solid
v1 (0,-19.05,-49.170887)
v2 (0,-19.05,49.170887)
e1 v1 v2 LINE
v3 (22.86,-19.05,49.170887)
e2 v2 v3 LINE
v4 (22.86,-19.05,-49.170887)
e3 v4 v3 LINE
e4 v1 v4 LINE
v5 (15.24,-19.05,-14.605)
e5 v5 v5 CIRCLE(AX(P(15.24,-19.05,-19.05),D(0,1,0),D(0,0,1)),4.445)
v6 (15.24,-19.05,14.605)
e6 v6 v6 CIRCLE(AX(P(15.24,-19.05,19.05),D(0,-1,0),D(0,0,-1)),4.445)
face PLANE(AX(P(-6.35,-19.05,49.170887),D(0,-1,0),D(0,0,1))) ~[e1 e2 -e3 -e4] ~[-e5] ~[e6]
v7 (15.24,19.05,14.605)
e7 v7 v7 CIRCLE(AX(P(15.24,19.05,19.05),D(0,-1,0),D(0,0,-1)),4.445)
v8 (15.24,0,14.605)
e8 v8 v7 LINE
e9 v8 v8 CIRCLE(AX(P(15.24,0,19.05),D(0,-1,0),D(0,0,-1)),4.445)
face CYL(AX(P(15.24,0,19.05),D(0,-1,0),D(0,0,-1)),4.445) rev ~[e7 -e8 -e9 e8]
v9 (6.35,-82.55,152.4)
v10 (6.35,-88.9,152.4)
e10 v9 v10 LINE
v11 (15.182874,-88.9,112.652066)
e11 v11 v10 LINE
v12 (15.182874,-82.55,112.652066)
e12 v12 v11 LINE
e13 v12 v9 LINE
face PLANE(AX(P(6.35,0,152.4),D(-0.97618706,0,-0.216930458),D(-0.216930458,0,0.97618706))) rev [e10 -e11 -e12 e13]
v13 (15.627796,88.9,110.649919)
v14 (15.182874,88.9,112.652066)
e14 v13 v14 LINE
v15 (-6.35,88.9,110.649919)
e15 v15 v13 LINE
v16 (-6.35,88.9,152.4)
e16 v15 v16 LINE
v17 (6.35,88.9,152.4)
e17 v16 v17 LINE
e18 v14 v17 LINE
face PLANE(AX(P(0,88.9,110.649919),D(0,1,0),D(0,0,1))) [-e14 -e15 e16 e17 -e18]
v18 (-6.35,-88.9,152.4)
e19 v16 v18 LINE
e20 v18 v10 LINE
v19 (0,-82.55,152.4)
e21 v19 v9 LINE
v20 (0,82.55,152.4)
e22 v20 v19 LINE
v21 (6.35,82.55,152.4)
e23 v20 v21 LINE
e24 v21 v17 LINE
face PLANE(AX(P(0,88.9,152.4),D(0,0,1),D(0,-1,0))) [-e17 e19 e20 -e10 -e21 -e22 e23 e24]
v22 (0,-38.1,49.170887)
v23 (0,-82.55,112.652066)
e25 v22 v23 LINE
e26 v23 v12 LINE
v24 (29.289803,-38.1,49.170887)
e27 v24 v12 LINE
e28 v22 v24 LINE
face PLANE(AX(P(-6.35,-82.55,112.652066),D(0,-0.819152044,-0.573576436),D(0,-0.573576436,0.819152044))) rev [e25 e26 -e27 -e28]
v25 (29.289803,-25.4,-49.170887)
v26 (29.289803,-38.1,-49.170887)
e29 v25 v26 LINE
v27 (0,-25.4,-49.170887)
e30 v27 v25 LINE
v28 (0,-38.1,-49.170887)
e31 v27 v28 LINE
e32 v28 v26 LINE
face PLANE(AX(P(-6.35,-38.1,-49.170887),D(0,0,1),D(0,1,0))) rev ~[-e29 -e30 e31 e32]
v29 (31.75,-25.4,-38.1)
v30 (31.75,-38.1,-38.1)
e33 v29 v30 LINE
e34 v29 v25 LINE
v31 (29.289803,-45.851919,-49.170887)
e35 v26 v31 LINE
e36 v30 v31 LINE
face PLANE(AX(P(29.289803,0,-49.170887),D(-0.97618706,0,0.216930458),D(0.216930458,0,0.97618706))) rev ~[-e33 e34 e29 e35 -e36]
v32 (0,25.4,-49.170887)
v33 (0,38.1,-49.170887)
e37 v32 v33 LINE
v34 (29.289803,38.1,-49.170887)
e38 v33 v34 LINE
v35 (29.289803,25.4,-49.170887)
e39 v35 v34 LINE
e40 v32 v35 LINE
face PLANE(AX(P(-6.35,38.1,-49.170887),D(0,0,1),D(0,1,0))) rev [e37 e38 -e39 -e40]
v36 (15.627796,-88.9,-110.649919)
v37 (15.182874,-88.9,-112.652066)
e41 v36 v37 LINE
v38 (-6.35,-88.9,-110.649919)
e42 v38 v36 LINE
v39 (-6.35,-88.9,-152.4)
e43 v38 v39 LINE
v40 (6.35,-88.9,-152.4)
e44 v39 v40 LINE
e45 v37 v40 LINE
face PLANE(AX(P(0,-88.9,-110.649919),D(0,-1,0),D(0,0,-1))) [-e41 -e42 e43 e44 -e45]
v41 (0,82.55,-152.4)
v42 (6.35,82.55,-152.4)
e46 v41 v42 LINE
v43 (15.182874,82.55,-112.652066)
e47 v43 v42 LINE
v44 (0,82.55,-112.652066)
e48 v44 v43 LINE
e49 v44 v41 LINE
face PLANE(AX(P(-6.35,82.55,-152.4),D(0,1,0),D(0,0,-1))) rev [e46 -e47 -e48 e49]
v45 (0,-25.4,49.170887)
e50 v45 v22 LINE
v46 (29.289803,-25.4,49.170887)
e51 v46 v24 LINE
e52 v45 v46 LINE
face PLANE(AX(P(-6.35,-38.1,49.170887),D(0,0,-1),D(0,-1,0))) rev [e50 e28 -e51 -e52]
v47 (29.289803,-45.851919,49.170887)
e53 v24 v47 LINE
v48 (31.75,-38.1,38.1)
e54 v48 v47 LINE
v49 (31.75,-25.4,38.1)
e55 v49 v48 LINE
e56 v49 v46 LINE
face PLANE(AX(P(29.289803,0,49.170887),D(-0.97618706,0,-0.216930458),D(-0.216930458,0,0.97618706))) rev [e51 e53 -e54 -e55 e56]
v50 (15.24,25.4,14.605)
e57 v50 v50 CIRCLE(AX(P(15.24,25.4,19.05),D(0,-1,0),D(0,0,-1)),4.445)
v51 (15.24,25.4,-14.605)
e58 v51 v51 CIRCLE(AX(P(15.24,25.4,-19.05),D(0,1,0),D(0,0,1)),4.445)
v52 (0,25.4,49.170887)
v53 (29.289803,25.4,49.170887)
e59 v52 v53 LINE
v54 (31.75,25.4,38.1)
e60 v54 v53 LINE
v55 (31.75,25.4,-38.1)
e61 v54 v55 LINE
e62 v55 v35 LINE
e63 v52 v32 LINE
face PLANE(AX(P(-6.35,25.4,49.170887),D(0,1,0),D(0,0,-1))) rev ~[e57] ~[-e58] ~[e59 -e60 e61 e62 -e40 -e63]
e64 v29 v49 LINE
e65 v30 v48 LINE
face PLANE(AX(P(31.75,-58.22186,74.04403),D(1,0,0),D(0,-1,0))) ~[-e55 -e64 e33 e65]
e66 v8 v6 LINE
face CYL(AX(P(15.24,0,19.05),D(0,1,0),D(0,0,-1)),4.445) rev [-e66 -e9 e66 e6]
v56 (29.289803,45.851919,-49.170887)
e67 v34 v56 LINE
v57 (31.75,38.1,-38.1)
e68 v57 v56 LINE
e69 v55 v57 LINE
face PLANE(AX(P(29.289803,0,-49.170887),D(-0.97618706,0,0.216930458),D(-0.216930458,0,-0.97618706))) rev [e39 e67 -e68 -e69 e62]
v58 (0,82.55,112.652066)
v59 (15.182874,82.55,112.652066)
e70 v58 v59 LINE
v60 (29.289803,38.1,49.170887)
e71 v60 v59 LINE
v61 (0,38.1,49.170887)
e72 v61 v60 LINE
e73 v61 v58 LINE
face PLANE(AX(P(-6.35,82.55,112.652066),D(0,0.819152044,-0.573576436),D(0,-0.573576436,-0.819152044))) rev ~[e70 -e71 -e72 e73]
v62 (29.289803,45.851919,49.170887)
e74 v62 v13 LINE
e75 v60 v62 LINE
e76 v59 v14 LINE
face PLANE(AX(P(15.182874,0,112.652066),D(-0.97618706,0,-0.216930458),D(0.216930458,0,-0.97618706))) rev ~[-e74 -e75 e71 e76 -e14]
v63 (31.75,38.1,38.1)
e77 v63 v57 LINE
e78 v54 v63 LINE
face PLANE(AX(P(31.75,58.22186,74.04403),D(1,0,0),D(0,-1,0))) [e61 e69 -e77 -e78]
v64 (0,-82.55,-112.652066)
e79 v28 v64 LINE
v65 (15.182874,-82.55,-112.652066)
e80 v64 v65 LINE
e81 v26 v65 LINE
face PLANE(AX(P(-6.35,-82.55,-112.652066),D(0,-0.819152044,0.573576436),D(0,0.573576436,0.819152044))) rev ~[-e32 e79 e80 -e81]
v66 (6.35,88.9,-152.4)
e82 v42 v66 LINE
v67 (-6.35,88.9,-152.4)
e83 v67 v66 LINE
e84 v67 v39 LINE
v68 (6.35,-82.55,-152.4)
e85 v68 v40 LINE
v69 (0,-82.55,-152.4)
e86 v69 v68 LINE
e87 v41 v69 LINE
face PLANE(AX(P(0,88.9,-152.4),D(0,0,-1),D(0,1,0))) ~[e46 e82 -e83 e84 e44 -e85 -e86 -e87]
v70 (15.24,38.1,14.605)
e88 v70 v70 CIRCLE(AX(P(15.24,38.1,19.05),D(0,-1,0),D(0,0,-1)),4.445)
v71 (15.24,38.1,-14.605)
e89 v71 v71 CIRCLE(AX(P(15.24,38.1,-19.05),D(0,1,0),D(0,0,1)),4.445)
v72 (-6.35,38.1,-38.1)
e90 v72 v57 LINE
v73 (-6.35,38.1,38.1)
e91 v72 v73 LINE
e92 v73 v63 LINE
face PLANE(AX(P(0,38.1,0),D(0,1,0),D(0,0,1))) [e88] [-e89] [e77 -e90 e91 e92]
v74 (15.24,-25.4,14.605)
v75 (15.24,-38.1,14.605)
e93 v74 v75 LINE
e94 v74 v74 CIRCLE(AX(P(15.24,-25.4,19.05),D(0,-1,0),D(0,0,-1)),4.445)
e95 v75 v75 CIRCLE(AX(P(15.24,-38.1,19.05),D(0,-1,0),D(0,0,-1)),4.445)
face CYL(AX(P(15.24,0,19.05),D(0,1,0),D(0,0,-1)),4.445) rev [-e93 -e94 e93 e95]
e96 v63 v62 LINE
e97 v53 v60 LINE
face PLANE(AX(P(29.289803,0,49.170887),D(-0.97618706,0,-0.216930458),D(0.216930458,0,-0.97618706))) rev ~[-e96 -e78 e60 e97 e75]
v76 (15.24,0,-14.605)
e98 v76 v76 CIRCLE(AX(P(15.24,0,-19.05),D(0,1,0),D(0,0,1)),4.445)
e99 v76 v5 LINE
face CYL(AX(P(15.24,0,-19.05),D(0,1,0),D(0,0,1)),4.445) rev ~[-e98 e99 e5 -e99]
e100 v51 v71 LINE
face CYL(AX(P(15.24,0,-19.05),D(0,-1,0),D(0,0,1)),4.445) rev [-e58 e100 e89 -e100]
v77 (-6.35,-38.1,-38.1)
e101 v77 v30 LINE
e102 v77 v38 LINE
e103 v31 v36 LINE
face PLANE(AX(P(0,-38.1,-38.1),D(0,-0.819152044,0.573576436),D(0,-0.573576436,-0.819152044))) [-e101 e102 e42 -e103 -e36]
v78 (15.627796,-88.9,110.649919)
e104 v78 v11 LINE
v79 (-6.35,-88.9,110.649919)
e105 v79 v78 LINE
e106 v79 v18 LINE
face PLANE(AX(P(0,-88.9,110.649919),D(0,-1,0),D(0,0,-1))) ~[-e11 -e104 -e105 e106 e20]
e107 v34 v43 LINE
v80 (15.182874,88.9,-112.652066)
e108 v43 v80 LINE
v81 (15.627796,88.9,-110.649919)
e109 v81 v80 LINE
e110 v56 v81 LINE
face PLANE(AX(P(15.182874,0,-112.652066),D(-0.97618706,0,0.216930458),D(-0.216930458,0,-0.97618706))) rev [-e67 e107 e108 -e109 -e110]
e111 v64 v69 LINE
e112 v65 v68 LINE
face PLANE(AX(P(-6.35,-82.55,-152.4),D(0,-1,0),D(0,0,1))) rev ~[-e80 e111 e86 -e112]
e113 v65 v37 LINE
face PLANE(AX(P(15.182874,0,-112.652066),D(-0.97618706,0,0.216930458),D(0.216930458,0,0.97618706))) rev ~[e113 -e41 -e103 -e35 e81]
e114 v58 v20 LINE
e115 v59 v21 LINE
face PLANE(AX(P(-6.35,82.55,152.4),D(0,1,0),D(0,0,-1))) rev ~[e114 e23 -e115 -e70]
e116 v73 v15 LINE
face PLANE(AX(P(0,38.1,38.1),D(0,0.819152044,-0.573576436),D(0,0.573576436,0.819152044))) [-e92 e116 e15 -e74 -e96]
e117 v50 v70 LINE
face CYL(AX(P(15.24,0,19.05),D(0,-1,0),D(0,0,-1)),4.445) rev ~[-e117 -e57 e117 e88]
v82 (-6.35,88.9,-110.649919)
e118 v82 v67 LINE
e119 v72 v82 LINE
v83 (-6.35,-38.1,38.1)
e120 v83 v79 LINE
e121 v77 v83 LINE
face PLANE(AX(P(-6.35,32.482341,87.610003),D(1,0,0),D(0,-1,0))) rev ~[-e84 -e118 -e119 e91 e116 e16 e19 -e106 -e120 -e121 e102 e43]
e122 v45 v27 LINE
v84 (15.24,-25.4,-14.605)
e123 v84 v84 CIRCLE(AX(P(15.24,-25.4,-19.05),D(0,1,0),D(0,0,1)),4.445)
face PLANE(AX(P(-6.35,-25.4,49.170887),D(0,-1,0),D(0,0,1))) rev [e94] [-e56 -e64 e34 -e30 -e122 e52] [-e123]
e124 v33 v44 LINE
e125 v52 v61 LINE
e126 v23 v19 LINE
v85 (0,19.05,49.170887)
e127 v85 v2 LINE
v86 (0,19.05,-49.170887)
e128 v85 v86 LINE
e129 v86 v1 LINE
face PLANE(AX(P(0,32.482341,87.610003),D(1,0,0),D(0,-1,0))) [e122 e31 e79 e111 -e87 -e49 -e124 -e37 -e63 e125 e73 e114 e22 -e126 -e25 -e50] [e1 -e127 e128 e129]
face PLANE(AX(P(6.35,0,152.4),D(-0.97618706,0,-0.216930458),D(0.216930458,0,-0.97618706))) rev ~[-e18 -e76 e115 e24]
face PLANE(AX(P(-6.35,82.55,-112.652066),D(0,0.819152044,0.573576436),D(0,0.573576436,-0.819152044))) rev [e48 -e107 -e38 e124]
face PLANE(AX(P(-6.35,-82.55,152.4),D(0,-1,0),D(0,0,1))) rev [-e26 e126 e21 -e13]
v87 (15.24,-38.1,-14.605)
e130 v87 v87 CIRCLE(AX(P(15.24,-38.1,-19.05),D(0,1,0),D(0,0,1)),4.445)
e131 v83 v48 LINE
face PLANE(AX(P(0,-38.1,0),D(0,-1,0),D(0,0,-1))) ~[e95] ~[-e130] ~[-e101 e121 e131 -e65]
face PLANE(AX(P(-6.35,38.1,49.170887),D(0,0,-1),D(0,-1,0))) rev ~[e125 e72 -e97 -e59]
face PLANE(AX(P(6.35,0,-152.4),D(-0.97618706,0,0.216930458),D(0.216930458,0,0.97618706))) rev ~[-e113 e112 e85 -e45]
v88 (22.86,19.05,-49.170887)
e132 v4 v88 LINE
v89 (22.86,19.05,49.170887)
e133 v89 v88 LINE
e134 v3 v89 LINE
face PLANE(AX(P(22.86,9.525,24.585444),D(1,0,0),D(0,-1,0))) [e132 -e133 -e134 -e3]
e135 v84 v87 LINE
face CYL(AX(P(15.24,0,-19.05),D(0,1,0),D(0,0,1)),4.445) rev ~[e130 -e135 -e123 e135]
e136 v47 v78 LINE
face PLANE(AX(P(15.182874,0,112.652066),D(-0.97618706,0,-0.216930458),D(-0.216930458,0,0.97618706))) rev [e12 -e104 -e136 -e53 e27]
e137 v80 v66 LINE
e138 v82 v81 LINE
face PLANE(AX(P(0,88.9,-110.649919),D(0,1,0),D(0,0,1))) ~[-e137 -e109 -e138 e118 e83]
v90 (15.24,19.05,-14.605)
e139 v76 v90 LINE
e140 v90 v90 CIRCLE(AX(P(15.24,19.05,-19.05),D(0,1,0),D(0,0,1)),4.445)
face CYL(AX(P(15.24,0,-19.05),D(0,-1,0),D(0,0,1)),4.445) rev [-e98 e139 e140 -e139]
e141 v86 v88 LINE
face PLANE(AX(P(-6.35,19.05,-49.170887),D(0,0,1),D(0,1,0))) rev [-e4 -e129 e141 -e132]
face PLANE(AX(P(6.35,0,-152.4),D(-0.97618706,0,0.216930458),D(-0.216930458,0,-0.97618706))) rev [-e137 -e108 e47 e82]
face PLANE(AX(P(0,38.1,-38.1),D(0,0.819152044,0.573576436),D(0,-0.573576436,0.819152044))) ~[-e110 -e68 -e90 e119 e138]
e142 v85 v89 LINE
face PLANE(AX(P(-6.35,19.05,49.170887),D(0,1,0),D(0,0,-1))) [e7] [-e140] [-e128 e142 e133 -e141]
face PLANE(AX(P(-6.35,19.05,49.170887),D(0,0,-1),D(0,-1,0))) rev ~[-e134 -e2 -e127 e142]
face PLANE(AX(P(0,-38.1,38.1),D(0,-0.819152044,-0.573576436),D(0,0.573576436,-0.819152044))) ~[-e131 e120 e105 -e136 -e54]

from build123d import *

# Parameters (mm, degrees)
SKETCH1_W           = 19.05
SKETCH1_H           = 49.170887152
BOSS_EXTRUDE1_DEPTH = 6.35
BOSS_EXTRUDE2_START = -6.35
SKETCH1_4_W         = 19.05
SKETCH1_4_H         = 49.170887152
BOSS_EXTRUDE2_DEPTH = 38.1
CUT_EXTRUDE1_START  = 31.75
SKETCH1_6_W         = 19.05
SKETCH1_6_H         = 49.170887152
CUT_EXTRUDE1_DEPTH  = 8.89
SKETCH3_R           = 4.445
CUT_EXTRUDE2_DEPTH  = 180.268046511


with BuildPart() as part:
    # Sketch1 → Boss-Extrude1 (new body)
    with BuildSketch(Plane.YZ):
        Polygon((-19.05, 0), (-25.4, 0), (-25.4, -49.170887152), (-38.1, -49.170887152), (-82.55, -112.652066052), (-82.55, -152.4), (0, -152.4), (0, -49.170887152), (-19.05, -49.170887152), align=None)
        Polygon((-25.4, 0), (-38.1, 0), (-38.1, -38.1), (-88.9, -110.649918742), (-88.9, -152.4), (-82.55, -152.4), (-82.55, -112.652066052), (-38.1, -49.170887152), (-25.4, -49.170887152), align=None)
        with Locations((-9.525, -24.585443576)):
            Rectangle(SKETCH1_W, SKETCH1_H)
    extrude(amount=-BOSS_EXTRUDE1_DEPTH)

    # Sketch1<4> → Boss-Extrude2 (add)
    with BuildSketch(Plane.YZ.offset(BOSS_EXTRUDE2_START)):
        Polygon((-25.4, 0), (-38.1, 0), (-38.1, -38.1), (-88.9, -110.649918742), (-88.9, -152.4), (-82.55, -152.4), (-82.55, -112.652066052), (-38.1, -49.170887152), (-25.4, -49.170887152), align=None)
        with Locations((-9.525, -24.585443576)):
            Rectangle(SKETCH1_4_W, SKETCH1_4_H)
    extrude(amount=BOSS_EXTRUDE2_DEPTH)

    # Sketch1<6> → Cut-Extrude1 (cut)
    with BuildSketch(Plane.YZ.offset(CUT_EXTRUDE1_START)):
        with Locations((-9.525, -24.585443576)):
            Rectangle(SKETCH1_6_W, SKETCH1_6_H)
    extrude(amount=-CUT_EXTRUDE1_DEPTH, mode=Mode.SUBTRACT)

    # Sketch3 → Cut-Extrude2 (cut, through all)
    with BuildSketch(Plane(origin=(0, 0, 0), x_dir=(-1, 0, 0), z_dir=(0, 1, 0))):
        Polygon((-15.182874211, -112.652066052), (-29.289802855, -49.170887152), (-31.75, -49.170887152), (-31.75, -112.652066052), align=None)
        Polygon((-6.35, -152.4), (-15.182874211, -112.652066052), (-31.75, -112.652066052), (-31.75, -152.4), align=None)
        with Locations(Location((-15.24, -19.05, 0), (0, 0, 90))):
            Circle(SKETCH3_R)
        Polygon((-31.75, -38.1), (-31.75, -49.170887152), (-29.289802855, -49.170887152), align=None)
    extrude(amount=-CUT_EXTRUDE2_DEPTH, mode=Mode.SUBTRACT)

    # Mirror1: part across plane


with BuildPart() as part_1:
    add(part.part)
    add(part.part.mirror(Plane(origin=(-6.35, 0, 0), x_dir=(0, 0, 1), z_dir=(0, -1, 0))))

    # Mirror2: part across plane


with BuildPart() as part_2:
    add(part_1.part)
    add(part_1.part.mirror(Plane(origin=(-6.35, 0, 0), x_dir=(1, 0, 0), z_dir=(0, 0, 1))))


solid = part_2.part
